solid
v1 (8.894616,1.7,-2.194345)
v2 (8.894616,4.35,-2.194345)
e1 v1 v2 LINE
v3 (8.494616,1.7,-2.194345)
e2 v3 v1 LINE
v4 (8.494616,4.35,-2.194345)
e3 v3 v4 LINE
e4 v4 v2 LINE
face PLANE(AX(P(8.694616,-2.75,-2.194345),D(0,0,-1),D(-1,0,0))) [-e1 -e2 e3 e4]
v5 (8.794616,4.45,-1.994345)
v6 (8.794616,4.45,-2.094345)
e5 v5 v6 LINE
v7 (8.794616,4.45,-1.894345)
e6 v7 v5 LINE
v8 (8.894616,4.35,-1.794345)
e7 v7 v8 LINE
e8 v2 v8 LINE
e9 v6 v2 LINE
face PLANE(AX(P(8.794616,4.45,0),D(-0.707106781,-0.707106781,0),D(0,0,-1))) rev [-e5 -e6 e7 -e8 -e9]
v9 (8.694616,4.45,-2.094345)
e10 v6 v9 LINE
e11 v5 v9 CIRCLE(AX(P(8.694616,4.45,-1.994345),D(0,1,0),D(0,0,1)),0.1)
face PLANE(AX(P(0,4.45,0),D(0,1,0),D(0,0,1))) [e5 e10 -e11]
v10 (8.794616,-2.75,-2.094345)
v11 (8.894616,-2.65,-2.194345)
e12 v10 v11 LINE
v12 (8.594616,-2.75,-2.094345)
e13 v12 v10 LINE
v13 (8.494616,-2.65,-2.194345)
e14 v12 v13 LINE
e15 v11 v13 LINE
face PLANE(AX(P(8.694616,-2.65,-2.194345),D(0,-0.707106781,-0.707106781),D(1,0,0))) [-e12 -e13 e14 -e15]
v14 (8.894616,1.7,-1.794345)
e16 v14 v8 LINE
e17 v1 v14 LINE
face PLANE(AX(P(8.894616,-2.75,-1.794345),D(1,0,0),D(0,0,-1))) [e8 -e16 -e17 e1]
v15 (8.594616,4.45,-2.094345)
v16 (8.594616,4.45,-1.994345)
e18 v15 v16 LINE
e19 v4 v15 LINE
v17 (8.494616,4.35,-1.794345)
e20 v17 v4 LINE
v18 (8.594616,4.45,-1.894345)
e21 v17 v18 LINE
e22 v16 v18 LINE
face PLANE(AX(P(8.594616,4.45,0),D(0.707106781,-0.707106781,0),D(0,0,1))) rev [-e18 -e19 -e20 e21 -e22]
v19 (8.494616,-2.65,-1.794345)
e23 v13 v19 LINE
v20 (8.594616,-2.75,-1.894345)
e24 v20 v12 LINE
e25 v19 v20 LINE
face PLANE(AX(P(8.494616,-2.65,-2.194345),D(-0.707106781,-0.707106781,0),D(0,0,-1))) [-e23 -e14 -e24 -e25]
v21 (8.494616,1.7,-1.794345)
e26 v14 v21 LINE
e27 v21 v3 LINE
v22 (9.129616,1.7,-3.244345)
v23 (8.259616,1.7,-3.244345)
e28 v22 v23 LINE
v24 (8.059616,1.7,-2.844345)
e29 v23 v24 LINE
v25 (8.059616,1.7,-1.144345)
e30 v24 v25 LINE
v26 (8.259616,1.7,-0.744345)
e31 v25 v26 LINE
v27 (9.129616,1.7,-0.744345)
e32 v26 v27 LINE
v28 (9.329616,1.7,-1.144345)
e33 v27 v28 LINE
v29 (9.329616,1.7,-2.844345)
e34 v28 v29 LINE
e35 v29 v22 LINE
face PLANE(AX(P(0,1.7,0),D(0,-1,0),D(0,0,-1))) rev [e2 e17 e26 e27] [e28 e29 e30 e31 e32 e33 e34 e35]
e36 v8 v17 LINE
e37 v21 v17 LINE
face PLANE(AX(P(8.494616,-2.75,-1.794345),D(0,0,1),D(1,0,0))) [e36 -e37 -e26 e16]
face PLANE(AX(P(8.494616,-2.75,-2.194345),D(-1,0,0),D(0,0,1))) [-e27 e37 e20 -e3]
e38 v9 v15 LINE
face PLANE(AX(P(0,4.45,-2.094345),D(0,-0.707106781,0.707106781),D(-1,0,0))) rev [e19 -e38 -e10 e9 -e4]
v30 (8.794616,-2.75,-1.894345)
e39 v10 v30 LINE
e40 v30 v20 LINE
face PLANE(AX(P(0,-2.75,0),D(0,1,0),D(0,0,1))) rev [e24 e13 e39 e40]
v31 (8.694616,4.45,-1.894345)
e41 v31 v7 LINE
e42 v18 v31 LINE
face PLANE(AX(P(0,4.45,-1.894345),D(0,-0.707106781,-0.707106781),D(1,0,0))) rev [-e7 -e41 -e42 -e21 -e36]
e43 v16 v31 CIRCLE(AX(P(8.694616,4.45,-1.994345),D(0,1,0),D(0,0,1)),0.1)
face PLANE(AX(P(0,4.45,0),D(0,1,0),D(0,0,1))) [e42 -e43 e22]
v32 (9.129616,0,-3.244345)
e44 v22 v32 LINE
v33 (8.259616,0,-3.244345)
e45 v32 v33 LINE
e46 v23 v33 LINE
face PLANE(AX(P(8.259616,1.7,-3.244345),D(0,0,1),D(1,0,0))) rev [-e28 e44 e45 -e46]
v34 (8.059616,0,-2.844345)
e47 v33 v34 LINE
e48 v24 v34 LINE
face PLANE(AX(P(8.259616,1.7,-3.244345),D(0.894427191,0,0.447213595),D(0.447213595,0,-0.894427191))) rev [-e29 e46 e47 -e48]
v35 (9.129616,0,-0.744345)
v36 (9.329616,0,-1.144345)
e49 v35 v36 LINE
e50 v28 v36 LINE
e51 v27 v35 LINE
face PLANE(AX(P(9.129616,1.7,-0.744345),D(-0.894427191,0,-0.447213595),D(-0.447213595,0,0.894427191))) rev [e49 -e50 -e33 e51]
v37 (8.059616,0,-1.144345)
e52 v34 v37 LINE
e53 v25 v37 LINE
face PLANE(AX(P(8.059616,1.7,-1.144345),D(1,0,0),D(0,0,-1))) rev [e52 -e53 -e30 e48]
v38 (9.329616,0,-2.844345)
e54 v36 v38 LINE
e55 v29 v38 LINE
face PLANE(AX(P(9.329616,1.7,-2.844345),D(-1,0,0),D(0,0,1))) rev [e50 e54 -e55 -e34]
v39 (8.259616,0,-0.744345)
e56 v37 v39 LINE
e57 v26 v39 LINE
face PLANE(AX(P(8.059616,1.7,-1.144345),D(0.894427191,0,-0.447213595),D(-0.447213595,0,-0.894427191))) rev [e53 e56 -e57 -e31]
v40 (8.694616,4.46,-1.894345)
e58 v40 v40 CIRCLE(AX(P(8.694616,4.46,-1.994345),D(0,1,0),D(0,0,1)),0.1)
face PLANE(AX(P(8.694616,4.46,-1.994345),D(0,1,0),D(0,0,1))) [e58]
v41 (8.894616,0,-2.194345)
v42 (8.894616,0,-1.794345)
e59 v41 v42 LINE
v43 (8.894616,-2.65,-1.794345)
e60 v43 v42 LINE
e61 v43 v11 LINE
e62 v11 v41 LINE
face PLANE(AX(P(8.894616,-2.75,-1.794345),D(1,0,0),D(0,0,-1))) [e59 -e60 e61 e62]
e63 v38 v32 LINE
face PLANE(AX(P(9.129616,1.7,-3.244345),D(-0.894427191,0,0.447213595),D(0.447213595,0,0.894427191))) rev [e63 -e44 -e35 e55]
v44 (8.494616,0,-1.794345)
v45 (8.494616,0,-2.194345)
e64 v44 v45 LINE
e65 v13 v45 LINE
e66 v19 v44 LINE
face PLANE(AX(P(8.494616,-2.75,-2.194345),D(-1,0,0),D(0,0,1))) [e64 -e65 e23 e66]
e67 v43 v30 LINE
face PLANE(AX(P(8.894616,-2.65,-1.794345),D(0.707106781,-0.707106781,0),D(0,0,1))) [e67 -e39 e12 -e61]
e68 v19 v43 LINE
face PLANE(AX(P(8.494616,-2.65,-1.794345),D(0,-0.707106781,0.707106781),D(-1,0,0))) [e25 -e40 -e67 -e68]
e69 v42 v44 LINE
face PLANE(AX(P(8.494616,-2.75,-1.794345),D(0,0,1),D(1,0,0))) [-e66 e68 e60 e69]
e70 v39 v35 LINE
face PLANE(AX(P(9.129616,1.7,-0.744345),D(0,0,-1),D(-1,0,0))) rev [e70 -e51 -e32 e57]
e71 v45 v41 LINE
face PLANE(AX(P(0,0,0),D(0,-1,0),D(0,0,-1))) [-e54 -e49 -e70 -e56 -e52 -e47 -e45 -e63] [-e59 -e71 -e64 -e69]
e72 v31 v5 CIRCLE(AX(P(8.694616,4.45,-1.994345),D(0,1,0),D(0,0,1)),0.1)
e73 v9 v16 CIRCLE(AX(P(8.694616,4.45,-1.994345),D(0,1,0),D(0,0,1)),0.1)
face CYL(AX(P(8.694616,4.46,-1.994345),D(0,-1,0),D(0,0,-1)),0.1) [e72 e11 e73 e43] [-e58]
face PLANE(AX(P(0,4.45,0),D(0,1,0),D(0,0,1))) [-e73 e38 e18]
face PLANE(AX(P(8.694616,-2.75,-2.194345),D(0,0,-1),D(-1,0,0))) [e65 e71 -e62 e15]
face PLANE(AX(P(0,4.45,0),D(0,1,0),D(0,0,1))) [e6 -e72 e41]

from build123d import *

# Parameters (mm, degrees)
EXTRUDE_1_DEPTH      = 1.7
EXTRUDE_2_DEPTH      = 2.75
EXTRUDE_2_DEPTH_BACK = 4.45
CHAMFER_1_SIZE       = 0.1
CHAMFER_2_SIZE       = 0.1
SKETCH_3_R           = 0.1
EXTRUDE_3_DEPTH      = 0.01


with BuildPart() as part:
    # 草图1 → 凸台-拉伸1 (new body)
    with BuildSketch(Plane(origin=(0, 0, 0), x_dir=(1, 0, 0), z_dir=(0, 1, 0))):
        Polygon((8.059615848, 1.144344533), (8.059615848, 2.844344533), (8.259615848, 3.244344533), (9.129615848, 3.244344533), (9.329615848, 2.844344533), (9.329615848, 1.144344533), (9.129615848, 0.744344533), (8.259615848, 0.744344533), align=None)
    extrude(amount=EXTRUDE_1_DEPTH)

    # 草图2 → 凸台-拉伸2 (add, two sides: drawn at the far end of the back side and taken through both)
    with BuildSketch(Plane(origin=(0, 1.7, 0), x_dir=(1, 0, 0), z_dir=(0, 1, 0)).offset(-EXTRUDE_2_DEPTH_BACK)):
        Polygon((8.694615848, 2.194344533), (8.494615848, 2.194344533), (8.494615848, 1.794344533), (8.894615848, 1.794344533), (8.894615848, 2.194344533), align=None)
    extrude(amount=EXTRUDE_2_DEPTH + EXTRUDE_2_DEPTH_BACK)

    # 倒角1
    chamfer_1_edges = [part.edges().sort_by_distance(p)[0] for p in [
        (8.694615848, 4.45, -2.194344533),
        (8.494615848, 4.45, -1.994344533),
        (8.694615848, 4.45, -1.794344533),
        (8.894615848, 4.45, -1.994344533),
    ]]
    chamfer(chamfer_1_edges, length=CHAMFER_1_SIZE)

    # 倒角2
    chamfer_2_edges = [part.edges().sort_by_distance(p)[0] for p in [
        (8.894615848, -2.75, -1.994344533),
        (8.694615848, -2.75, -1.794344533),
        (8.494615848, -2.75, -1.994344533),
        (8.694615848, -2.75, -2.194344533),
    ]]
    chamfer(chamfer_2_edges, length=CHAMFER_2_SIZE)

    # 草图3 → 凸台-拉伸3 (add)
    with BuildSketch(Plane(origin=(0, 4.45, 0), x_dir=(1, 0, 0), z_dir=(0, 1, 0))):
        with Locations(Location((8.694615848, 1.994344533, 0), (0, 0, 270))):
            Circle(SKETCH_3_R)
    extrude(amount=EXTRUDE_3_DEPTH)


solid = part.part
